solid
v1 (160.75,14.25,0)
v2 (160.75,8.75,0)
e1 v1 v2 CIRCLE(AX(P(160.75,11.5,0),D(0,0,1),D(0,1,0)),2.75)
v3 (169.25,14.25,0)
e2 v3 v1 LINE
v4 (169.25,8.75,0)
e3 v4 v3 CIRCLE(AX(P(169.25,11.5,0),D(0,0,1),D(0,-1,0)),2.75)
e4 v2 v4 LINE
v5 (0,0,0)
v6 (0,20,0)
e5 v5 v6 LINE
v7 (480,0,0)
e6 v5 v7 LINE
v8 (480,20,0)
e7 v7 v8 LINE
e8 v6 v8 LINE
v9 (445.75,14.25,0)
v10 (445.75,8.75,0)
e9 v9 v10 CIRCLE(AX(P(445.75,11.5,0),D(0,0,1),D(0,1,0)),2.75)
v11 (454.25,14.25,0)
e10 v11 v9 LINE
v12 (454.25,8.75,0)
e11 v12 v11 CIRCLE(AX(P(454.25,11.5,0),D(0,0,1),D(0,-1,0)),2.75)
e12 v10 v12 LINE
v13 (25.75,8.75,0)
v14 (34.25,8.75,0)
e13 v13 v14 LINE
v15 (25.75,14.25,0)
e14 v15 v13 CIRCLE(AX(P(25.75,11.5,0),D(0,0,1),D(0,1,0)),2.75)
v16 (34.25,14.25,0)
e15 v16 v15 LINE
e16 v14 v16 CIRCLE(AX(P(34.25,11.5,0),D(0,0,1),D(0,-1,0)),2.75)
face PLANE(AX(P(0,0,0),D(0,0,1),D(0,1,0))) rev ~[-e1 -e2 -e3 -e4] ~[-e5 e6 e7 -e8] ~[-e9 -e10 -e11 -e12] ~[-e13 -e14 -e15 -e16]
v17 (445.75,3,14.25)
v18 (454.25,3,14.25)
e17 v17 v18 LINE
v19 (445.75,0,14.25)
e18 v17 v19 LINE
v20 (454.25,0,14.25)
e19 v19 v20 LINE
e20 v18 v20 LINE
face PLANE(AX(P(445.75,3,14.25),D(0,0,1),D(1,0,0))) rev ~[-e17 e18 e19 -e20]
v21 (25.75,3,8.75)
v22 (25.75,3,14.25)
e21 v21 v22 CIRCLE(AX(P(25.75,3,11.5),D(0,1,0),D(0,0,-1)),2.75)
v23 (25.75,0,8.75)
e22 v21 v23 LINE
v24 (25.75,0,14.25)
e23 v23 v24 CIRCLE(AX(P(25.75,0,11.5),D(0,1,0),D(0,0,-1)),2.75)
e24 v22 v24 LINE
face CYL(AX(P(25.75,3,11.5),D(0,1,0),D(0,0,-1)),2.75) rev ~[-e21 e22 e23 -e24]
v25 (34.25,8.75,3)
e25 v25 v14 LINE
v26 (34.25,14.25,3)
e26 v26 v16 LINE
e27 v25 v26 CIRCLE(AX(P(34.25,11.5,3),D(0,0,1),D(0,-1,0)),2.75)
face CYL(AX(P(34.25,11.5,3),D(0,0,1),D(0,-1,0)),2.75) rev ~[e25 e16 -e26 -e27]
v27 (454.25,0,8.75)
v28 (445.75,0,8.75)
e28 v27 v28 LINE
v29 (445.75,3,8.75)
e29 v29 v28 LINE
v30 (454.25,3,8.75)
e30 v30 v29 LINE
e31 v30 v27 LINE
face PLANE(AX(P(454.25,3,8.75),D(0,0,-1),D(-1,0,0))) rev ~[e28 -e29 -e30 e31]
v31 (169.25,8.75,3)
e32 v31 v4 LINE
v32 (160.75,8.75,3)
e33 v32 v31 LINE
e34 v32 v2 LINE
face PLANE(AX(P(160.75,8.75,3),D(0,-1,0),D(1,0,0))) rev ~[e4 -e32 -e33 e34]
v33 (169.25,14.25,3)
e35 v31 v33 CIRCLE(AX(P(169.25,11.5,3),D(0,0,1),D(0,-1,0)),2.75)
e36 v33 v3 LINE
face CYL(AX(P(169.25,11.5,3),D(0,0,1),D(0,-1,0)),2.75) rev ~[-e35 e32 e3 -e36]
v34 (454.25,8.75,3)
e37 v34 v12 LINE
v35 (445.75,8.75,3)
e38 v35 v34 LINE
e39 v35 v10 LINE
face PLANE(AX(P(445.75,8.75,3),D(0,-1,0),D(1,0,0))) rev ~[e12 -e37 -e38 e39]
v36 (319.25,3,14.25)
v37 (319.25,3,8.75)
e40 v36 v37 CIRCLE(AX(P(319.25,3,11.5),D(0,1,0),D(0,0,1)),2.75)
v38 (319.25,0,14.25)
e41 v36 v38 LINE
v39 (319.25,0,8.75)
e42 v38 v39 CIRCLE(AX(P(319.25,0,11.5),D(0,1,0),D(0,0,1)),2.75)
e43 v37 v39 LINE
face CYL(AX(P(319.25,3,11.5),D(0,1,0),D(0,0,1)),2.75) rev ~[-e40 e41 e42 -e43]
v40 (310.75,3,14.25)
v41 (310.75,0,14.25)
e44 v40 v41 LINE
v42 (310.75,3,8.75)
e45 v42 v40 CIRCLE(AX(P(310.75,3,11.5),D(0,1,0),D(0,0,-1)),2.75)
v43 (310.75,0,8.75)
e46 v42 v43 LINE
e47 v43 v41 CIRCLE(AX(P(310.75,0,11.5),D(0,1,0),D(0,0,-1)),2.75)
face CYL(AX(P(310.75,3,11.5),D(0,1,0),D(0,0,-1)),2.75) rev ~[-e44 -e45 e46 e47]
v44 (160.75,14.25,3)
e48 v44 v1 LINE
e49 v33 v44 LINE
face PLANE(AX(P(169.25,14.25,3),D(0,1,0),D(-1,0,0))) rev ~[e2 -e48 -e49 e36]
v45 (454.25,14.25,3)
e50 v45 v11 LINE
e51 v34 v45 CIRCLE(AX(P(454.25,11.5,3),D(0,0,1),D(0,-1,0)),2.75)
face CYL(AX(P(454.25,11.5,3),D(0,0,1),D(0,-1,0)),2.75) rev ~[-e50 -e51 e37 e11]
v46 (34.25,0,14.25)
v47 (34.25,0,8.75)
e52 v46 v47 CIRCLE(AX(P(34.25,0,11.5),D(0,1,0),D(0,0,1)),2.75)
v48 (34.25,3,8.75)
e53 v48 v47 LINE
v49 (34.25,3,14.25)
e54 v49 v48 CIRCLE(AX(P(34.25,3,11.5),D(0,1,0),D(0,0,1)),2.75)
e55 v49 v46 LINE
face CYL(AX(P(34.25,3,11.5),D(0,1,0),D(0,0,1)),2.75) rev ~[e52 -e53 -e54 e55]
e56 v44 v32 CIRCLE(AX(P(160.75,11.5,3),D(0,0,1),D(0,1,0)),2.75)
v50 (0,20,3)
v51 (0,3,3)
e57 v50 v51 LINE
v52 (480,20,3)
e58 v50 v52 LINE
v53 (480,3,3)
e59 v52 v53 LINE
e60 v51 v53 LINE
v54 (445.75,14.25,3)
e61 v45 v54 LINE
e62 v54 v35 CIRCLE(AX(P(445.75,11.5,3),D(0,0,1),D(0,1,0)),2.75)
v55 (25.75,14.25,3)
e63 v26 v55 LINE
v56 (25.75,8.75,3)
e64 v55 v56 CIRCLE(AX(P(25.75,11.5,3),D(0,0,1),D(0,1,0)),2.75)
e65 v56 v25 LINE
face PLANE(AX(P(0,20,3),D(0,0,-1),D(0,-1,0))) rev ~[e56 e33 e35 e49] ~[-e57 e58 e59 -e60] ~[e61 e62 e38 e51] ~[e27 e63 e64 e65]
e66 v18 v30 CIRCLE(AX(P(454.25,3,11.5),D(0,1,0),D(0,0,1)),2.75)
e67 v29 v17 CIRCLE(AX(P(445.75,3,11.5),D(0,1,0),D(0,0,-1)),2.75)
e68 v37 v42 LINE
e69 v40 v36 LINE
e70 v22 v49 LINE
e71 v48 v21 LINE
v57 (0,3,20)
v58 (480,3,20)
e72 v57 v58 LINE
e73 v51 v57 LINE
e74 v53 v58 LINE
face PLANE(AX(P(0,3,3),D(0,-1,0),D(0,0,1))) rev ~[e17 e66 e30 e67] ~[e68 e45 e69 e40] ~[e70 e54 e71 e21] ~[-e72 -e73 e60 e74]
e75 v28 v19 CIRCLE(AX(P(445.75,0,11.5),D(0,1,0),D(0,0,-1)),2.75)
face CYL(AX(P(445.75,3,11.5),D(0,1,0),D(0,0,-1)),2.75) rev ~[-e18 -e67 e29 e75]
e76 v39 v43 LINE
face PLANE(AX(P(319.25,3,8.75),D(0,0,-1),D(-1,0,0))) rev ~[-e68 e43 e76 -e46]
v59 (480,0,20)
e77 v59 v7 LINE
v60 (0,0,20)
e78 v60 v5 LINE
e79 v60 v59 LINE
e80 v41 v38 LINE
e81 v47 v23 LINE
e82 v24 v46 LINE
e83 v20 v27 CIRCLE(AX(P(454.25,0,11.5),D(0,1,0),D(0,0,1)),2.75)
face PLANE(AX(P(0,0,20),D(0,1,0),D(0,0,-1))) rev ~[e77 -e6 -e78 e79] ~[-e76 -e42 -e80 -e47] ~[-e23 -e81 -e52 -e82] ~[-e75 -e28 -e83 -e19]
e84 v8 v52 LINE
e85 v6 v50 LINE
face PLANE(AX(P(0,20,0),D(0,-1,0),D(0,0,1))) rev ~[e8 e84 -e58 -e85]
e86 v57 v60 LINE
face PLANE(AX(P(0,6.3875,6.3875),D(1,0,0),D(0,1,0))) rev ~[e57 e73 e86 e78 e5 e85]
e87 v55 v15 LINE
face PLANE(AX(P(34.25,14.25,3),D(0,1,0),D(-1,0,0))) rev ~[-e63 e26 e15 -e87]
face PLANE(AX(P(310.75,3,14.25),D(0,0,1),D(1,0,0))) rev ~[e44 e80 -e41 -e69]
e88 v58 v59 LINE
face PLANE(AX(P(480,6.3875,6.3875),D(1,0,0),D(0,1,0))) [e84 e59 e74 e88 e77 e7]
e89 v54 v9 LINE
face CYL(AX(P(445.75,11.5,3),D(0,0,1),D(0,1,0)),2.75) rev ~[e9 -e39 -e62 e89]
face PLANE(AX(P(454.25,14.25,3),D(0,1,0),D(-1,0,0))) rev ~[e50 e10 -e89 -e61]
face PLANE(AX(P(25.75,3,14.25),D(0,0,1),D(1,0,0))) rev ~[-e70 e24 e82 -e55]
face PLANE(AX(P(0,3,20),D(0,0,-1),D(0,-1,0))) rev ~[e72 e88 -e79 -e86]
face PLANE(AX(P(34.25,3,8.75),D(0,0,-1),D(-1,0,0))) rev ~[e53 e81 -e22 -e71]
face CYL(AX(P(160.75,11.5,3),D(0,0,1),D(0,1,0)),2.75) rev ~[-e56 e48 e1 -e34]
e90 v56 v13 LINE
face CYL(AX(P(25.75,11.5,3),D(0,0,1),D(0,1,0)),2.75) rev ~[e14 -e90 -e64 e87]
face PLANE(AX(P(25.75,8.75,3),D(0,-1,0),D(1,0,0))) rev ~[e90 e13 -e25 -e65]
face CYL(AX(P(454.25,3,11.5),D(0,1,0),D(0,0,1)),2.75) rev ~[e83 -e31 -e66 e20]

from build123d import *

# Parameters (mm, degrees)
F1_DEPTH = 480
F3_DEPTH = 3
F5_DEPTH = 3


with BuildPart() as f1:
    # F0 (on Right) → F1 (new body)
    with BuildSketch(Plane.YZ):
        Polygon((0, 20), (0, 0), (20, 0), (20, 3), (3, 3), (3, 20), align=None)
    extrude(amount=F1_DEPTH)

    # F2 (on face) → F3 (cut)
    with BuildSketch(Plane(origin=(0, 3, 0), x_dir=(-1, 0, 0), z_dir=(0, 1, 0))):
        with BuildLine():
            Line((-445.75, 14.25), (-454.25, 14.25))
            ThreePointArc((-454.25, 14.25), (-457, 11.5), (-454.25, 8.75))
            Line((-454.25, 8.75), (-445.75, 8.75))
            ThreePointArc((-445.75, 8.75), (-443, 11.5), (-445.75, 14.25))
        make_face()
        with BuildLine():
            Line((-25.75, 14.25), (-34.25, 14.25))
            ThreePointArc((-34.25, 14.25), (-37, 11.5), (-34.25, 8.75))
            Line((-34.25, 8.75), (-25.75, 8.75))
            ThreePointArc((-25.75, 8.75), (-23, 11.5), (-25.75, 14.25))
        make_face()
        with BuildLine():
            Line((-310.75, 14.25), (-319.25, 14.25))
            ThreePointArc((-319.25, 14.25), (-322, 11.5), (-319.25, 8.75))
            Line((-319.25, 8.75), (-310.75, 8.75))
            ThreePointArc((-310.75, 8.75), (-308, 11.5), (-310.75, 14.25))
        make_face()
    extrude(amount=-F3_DEPTH, mode=Mode.SUBTRACT)

    # F4 (on face) → F5 (cut)
    with BuildSketch(Plane.XY.offset(3)):
        with BuildLine():
            Line((454.25, 14.25), (445.75, 14.25))
            ThreePointArc((445.75, 14.25), (443, 11.5), (445.75, 8.75))
            Line((445.75, 8.75), (454.25, 8.75))
            ThreePointArc((454.25, 8.75), (457, 11.5), (454.25, 14.25))
        make_face()
        with BuildLine():
            Line((169.25, 14.25), (160.75, 14.25))
            ThreePointArc((160.75, 14.25), (158, 11.5), (160.75, 8.75))
            Line((160.75, 8.75), (169.25, 8.75))
            ThreePointArc((169.25, 8.75), (172, 11.5), (169.25, 14.25))
        make_face()
        with BuildLine():
            Line((34.25, 14.25), (25.75, 14.25))
            ThreePointArc((25.75, 14.25), (23, 11.5), (25.75, 8.75))
            Line((25.75, 8.75), (34.25, 8.75))
            ThreePointArc((34.25, 8.75), (37, 11.5), (34.25, 14.25))
        make_face()
    extrude(amount=-F5_DEPTH, mode=Mode.SUBTRACT)


solid = f1.part
